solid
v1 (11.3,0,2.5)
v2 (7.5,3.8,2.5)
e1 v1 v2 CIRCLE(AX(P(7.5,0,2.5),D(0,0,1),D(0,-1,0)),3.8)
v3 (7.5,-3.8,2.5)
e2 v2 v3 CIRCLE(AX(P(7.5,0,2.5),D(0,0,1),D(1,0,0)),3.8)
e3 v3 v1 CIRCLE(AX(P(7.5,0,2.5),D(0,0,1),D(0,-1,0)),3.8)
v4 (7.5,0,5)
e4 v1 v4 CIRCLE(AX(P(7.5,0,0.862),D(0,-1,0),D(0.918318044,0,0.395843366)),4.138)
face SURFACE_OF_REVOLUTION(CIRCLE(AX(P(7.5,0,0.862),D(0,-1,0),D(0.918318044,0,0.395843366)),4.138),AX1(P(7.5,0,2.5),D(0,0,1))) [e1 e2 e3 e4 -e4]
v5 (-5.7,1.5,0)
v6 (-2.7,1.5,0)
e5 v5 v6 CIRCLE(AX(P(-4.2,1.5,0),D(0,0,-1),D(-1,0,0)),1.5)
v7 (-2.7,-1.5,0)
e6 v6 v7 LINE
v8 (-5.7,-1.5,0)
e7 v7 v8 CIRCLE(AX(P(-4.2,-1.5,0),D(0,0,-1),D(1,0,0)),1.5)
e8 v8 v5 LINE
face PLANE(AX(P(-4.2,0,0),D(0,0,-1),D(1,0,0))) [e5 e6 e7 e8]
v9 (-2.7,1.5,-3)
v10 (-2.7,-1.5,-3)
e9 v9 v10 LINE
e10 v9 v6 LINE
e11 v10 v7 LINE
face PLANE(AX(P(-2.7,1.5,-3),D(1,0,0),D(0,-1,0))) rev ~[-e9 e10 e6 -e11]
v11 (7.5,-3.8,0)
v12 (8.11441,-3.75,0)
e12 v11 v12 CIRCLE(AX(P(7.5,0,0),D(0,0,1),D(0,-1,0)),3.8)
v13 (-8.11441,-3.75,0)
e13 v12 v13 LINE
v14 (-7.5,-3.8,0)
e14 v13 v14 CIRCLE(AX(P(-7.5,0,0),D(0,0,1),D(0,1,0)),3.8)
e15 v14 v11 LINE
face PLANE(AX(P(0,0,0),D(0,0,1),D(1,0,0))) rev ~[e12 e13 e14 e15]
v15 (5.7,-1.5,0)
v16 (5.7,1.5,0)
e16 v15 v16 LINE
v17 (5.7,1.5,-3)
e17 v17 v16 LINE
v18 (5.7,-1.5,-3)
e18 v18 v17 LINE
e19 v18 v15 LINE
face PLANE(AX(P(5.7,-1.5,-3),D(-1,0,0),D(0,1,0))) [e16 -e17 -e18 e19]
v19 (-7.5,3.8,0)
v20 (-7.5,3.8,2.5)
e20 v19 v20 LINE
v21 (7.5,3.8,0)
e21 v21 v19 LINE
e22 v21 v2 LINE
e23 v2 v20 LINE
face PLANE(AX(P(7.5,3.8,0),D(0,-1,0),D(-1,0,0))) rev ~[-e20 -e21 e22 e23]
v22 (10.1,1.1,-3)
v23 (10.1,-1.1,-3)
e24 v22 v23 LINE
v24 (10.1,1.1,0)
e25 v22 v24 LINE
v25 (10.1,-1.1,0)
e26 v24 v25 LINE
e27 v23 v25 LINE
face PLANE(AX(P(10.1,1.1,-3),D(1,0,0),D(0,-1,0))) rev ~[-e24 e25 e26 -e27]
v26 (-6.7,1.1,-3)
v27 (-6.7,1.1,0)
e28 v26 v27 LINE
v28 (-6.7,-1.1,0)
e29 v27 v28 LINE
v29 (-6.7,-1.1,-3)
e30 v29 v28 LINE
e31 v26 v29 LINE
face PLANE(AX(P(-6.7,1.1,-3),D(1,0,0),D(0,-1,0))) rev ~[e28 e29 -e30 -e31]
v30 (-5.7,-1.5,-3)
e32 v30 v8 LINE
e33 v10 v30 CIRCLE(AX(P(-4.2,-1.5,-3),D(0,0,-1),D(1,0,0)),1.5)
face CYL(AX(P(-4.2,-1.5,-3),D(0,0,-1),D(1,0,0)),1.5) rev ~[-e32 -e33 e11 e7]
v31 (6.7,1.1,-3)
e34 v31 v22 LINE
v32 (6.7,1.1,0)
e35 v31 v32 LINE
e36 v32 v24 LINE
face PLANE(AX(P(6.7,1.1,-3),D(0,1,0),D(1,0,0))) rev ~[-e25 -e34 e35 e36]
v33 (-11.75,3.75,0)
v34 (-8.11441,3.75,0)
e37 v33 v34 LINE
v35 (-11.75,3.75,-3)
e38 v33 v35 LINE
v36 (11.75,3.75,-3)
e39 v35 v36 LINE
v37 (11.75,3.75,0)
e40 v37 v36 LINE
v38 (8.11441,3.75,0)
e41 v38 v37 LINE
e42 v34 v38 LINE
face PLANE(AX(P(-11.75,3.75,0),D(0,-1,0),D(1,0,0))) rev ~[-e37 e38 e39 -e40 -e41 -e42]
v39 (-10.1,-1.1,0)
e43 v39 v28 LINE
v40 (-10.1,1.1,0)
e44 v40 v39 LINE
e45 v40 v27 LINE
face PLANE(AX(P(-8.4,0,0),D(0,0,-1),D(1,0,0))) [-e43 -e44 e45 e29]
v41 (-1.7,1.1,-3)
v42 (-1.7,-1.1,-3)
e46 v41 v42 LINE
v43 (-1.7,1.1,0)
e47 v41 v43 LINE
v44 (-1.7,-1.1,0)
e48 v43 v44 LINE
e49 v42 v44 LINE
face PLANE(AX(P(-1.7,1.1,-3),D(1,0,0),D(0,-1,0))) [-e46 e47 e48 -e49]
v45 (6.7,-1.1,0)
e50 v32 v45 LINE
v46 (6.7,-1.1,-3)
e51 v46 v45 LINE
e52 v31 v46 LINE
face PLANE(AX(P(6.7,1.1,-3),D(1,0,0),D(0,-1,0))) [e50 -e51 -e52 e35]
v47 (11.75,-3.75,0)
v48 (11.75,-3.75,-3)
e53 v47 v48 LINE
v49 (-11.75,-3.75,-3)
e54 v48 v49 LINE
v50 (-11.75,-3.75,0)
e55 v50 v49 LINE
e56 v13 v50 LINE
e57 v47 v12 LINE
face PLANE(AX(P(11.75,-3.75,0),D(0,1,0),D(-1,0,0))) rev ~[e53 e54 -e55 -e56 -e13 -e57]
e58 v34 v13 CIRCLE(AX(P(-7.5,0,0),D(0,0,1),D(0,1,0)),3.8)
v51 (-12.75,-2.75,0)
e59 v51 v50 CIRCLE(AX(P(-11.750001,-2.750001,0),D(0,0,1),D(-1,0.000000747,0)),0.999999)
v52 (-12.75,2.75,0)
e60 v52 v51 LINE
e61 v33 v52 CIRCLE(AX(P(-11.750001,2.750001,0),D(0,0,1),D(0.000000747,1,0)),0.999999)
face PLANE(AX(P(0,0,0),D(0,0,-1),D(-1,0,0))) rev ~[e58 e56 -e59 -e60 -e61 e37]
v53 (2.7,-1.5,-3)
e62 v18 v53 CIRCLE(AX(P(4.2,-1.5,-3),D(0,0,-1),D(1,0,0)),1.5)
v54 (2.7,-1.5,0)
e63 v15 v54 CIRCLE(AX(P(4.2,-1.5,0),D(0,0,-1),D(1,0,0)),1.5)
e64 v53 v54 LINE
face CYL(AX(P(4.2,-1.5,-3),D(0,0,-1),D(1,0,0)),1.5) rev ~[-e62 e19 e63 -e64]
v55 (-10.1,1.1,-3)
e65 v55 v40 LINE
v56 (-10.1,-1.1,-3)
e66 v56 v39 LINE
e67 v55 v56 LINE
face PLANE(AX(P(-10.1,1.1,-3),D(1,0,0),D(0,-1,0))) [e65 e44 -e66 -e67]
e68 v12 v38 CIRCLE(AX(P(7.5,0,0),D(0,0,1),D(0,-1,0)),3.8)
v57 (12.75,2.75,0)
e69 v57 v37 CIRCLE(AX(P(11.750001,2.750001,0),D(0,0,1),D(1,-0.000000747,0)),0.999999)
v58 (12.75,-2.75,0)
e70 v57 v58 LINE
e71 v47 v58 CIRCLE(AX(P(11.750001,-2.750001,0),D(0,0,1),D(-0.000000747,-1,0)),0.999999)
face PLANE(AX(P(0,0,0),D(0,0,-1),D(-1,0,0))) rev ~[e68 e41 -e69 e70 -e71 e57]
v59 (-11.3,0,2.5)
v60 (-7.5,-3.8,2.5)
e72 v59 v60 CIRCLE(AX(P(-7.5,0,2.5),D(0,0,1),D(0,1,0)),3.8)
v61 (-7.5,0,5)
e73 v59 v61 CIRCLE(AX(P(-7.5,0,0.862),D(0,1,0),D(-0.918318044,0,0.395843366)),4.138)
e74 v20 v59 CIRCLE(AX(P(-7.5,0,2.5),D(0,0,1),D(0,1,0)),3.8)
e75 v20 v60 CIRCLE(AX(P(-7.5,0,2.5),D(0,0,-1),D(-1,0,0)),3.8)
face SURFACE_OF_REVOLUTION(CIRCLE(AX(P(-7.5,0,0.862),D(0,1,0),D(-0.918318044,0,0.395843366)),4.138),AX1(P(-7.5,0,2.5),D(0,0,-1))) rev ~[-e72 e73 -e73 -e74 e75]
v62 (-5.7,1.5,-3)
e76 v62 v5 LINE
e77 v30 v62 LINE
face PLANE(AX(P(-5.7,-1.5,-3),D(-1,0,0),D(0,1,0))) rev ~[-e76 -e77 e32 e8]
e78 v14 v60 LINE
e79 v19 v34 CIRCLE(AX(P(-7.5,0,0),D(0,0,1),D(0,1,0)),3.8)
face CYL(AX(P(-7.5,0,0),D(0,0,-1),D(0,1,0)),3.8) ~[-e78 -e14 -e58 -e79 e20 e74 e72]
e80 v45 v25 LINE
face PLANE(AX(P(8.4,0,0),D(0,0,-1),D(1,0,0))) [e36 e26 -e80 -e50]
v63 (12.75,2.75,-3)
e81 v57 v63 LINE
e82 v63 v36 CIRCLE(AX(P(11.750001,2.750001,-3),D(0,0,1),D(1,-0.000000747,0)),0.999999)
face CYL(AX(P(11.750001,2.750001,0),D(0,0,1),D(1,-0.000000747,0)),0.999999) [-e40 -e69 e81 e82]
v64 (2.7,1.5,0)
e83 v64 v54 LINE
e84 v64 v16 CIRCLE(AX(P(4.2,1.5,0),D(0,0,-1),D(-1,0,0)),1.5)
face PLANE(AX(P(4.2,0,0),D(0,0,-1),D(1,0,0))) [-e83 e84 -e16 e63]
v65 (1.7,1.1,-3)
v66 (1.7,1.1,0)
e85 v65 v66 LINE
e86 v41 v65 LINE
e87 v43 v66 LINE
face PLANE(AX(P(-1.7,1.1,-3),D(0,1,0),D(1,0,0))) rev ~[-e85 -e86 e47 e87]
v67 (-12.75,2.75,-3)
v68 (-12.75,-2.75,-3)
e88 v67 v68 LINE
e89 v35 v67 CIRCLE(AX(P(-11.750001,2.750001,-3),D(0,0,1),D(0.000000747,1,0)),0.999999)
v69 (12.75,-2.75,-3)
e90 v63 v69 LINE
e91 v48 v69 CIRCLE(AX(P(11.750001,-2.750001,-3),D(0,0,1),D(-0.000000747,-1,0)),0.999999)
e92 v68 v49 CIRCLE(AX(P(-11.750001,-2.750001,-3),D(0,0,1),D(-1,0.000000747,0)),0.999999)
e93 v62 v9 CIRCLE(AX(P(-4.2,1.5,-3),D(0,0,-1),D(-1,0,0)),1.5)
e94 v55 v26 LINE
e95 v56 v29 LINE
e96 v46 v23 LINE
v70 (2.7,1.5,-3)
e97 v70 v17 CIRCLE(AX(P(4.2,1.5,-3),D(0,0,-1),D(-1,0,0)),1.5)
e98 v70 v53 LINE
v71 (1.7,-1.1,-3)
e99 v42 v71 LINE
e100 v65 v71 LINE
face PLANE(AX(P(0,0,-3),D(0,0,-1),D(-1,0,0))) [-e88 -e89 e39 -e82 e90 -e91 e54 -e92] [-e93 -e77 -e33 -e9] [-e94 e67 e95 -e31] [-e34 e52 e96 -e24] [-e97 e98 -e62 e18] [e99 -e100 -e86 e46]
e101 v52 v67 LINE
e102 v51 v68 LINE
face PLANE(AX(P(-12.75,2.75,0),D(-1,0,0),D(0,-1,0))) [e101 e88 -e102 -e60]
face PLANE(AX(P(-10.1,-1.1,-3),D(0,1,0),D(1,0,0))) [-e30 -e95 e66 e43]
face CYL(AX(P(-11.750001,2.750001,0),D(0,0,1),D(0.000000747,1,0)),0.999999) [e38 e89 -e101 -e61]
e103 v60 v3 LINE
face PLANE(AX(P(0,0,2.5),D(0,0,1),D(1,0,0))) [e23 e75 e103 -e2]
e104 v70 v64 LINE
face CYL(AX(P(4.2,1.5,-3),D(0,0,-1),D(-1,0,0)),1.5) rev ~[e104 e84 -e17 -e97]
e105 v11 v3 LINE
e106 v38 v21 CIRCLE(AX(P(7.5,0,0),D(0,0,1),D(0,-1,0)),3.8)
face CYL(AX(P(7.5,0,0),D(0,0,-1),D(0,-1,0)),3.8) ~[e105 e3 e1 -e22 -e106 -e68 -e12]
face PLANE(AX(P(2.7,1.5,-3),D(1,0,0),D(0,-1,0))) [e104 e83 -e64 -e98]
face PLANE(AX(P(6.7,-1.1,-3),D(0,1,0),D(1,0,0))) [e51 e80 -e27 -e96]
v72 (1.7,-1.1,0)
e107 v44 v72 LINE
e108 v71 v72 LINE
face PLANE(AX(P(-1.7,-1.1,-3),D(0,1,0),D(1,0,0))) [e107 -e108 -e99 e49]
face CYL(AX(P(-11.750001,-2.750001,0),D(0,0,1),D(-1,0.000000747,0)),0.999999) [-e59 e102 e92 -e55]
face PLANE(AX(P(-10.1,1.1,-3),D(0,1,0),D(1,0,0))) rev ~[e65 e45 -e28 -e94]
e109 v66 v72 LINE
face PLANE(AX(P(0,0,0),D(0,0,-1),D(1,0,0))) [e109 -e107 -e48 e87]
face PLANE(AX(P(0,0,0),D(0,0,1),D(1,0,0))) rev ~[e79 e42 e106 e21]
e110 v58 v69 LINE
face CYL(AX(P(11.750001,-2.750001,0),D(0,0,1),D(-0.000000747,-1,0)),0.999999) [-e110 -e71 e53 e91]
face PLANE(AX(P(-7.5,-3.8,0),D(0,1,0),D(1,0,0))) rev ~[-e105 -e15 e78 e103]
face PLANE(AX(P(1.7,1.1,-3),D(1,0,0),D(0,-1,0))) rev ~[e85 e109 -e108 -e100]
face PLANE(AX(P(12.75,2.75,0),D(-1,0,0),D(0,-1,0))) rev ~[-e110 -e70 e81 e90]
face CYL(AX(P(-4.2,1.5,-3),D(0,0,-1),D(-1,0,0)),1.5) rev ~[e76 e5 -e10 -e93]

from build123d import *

# Parameters (mm, degrees)
PAD036_DEPTH    = 2.5
PAD037_DEPTH    = 3
SKETCH094_W     = 3.4
SKETCH094_H     = 2.2
POCKET015_DEPTH = 3


with BuildPart() as part:
    # Sketch066 → Pad036 (new body)
    with BuildSketch(Plane.XY):
        with BuildLine():
            ThreePointArc((-7.5, 3.8), (-11.3, 0), (-7.5, -3.8))
            Line((-7.5, -3.8), (7.5, -3.8))
            ThreePointArc((7.5, -3.8), (11.3, 0), (7.5, 3.8))
            Line((7.5, 3.8), (-7.5, 3.8))
        make_face()
    extrude(amount=PAD036_DEPTH)

    # Sketch067 → Pad037 (join)
    with BuildSketch(Plane.XY):
        with BuildLine():
            Line((-11.75, 3.75), (11.75, 3.75))
            ThreePointArc((12.75, 2.75), (12.457107, 3.457107), (11.75, 3.75))
            Line((12.75, 2.75), (12.75, -2.75))
            ThreePointArc((11.75, -3.75), (12.457107, -3.457107), (12.75, -2.75))
            Line((11.75, -3.75), (-11.75, -3.75))
            ThreePointArc((-12.75, -2.75), (-12.457107, -3.457107), (-11.75, -3.75))
            Line((-12.75, 2.75), (-12.75, -2.75))
            ThreePointArc((-11.75, 3.75), (-12.457107, 3.457107), (-12.75, 2.75))
        make_face()
    extrude(amount=-PAD037_DEPTH)

    # Sketch094 (on Face16 of Pad037) → Pocket015 (cut)
    with BuildSketch(Plane(origin=(0, 0, -3), x_dir=(1, 0, 0), z_dir=(0, 0, -1))):
        with Locations((-8.4, 0)):
            Rectangle(SKETCH094_W, SKETCH094_H)
        with Locations((8.4, 0)):
            Rectangle(SKETCH094_W, SKETCH094_H)
        Rectangle(SKETCH094_W, SKETCH094_H)
        with BuildLine():
            ThreePointArc((-2.7, 1.5), (-4.2, 3), (-5.7, 1.5))
            Line((-5.7, 1.5), (-5.7, -1.5))
            ThreePointArc((-5.7, -1.5), (-4.2, -3), (-2.7, -1.5))
            Line((-2.7, -1.5), (-2.7, 1.5))
        make_face()
        with BuildLine():
            ThreePointArc((5.7, 1.5), (4.2, 3), (2.7, 1.5))
            Line((2.7, -1.5), (2.7, 1.5))
            ThreePointArc((2.7, -1.5), (4.2, -3), (5.7, -1.5))
            Line((5.7, 1.5), (5.7, -1.5))
        make_face()
    extrude(amount=-POCKET015_DEPTH, mode=Mode.SUBTRACT)


with BuildPart() as part_1:
    # Body050 placement: moved
    add(part.part.moved(Location((0, 0, 12.5))))


with BuildPart() as part_2:
    # Clone017 placement: moved
    add(part_1.part.moved(Location((0, 0, -12.5))))

    # Sketch095 → Revolution003 (revolve)
    with BuildSketch(Plane(origin=(7.5, 0, 2.5), x_dir=(1, 0, 0), z_dir=(0, -1, 0))):
        with BuildLine():
            Line((0, 2.5), (0, 0))
            Line((0, 0), (3.8, 0))
            ThreePointArc((3.8, 0), (2.274313, 1.818956), (0, 2.5))
        make_face()
    revolution003 = revolve(axis=Axis((7.5, 0, 2.5), (0, 0, 1)))

    # Mirrored014: Revolution003 across YZ
    add(revolution003.mirror(Plane.YZ))


solid = part_2.part
